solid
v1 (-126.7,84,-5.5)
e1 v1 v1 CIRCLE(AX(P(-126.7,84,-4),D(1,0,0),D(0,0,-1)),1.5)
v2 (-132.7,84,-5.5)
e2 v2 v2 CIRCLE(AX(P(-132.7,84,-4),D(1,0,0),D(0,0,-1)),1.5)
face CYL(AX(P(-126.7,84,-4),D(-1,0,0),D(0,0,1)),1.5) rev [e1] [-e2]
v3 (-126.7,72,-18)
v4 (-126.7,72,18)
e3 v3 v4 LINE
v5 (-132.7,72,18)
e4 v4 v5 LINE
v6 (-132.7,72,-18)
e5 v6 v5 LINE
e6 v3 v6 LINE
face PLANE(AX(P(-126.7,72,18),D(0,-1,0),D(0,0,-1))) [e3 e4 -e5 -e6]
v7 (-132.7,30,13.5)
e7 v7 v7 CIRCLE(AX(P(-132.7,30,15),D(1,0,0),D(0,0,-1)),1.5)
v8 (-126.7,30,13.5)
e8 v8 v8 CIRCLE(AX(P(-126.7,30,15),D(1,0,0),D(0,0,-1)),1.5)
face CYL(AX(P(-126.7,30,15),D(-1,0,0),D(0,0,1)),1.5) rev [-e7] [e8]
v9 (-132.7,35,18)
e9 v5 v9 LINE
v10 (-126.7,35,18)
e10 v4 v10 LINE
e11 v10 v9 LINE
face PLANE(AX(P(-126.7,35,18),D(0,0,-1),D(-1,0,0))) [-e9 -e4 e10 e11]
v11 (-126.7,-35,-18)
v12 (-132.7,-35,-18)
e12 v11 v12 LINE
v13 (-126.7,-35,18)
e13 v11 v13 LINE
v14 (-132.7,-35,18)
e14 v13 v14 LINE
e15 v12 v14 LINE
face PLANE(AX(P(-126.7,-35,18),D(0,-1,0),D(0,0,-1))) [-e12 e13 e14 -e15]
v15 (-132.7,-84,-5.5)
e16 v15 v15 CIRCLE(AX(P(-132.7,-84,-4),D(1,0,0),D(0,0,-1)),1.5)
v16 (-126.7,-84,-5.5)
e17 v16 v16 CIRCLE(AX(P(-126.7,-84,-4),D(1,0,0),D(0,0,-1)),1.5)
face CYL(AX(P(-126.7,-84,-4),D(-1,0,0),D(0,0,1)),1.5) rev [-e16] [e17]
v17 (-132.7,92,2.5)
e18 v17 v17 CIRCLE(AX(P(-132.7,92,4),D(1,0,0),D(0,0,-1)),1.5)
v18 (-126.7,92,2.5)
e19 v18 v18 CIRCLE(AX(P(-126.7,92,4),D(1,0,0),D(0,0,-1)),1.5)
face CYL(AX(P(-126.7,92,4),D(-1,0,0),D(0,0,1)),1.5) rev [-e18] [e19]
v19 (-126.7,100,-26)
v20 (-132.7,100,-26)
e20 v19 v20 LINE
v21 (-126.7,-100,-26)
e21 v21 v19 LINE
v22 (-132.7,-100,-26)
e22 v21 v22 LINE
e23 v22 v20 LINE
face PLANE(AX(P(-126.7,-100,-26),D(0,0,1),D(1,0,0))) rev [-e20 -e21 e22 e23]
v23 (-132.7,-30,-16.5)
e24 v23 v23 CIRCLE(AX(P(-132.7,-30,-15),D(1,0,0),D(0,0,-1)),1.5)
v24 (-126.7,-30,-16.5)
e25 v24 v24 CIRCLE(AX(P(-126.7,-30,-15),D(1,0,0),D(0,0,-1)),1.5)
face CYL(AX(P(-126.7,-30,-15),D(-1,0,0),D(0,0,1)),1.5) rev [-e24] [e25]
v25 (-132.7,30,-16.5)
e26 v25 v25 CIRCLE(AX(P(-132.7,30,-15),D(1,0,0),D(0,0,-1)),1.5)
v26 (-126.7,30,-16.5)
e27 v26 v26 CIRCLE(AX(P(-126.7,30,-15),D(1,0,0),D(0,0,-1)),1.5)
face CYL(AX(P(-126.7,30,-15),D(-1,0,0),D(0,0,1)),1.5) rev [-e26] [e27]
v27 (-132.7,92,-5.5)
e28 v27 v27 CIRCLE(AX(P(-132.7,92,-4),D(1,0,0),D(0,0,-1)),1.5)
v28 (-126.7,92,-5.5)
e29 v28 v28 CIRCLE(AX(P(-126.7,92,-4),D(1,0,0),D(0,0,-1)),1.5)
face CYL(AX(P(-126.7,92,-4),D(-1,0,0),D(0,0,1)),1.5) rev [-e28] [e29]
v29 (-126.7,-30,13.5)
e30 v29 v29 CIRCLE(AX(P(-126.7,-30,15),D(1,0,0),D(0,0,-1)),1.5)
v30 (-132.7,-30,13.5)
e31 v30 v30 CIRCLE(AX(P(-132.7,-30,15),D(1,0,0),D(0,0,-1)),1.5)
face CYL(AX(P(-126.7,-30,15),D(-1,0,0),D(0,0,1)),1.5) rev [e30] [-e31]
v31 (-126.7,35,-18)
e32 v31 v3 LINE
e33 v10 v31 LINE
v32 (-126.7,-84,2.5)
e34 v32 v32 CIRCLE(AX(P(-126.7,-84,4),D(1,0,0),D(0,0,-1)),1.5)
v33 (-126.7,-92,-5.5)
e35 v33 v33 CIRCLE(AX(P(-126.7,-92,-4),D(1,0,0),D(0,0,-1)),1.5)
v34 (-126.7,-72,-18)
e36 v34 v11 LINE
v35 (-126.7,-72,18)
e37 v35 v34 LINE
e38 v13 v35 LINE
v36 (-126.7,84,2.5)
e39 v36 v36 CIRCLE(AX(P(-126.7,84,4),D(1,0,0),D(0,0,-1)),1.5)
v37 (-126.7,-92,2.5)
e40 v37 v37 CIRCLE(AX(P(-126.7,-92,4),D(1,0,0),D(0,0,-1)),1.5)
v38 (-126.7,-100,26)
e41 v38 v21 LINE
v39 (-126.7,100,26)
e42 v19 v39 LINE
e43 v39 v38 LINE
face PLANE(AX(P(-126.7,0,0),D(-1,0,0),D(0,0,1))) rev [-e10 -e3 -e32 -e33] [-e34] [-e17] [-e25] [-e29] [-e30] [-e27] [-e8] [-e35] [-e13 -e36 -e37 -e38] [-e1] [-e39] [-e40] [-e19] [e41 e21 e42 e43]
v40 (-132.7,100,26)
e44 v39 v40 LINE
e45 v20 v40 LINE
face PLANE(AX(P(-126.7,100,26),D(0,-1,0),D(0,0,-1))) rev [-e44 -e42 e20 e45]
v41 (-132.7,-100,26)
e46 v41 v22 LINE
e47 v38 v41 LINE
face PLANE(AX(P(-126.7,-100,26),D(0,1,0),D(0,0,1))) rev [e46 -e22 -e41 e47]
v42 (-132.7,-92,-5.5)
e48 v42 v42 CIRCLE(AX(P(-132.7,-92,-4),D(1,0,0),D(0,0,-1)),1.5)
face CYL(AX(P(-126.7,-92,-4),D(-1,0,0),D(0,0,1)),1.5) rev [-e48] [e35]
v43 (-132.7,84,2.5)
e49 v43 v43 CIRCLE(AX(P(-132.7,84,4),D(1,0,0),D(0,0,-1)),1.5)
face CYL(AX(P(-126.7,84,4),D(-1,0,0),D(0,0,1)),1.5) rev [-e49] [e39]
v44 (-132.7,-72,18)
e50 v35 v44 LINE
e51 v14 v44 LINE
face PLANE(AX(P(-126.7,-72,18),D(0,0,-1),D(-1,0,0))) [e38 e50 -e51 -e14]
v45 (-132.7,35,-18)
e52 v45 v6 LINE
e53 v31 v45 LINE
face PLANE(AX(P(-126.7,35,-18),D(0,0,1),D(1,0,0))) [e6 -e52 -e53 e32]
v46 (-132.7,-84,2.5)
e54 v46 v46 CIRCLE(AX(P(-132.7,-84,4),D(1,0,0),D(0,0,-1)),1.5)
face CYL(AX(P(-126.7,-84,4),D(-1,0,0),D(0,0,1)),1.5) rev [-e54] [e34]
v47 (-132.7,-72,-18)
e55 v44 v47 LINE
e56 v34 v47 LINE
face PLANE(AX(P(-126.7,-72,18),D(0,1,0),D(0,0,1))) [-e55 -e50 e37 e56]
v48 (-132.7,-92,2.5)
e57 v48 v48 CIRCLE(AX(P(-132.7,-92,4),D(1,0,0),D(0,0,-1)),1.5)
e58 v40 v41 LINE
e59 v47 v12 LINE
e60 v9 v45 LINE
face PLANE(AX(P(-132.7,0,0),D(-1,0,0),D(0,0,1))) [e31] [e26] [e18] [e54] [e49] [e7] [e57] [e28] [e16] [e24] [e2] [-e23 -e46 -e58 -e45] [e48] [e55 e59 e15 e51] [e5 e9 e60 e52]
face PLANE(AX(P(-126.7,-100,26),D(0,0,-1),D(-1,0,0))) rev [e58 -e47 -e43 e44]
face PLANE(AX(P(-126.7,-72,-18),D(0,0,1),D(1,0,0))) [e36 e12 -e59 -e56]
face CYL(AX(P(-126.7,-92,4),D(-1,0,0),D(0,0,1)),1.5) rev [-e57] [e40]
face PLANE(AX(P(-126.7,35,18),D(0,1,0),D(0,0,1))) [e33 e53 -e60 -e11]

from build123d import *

# Parameters (mm, degrees)
SKETCH1_W           = 52
SKETCH1_H           = 200
BOSS_EXTRUDE1_DEPTH = 6
SKETCH2_R           = 1.5
CUT_EXTRUDE2_DEPTH  = 6
SKETCH3_R           = 1.5
CUT_EXTRUDE4_DEPTH  = 6
SKETCH4_R           = 1.5
CUT_EXTRUDE6_DEPTH  = 6
SKETCH5_R           = 1.5
CUT_EXTRUDE8_DEPTH  = 6
SKETCH6_R           = 1.5
CUT_EXTRUDE10_DEPTH = 6
SKETCH7_R           = 1.5
CUT_EXTRUDE12_DEPTH = 6
SKETCH8_R           = 1.5
CUT_EXTRUDE14_DEPTH = 6
SKETCH9_R           = 1.5
CUT_EXTRUDE16_DEPTH = 6
SKETCH10_R          = 1.5
CUT_EXTRUDE18_DEPTH = 6
SKETCH11_R          = 1.5
CUT_EXTRUDE20_DEPTH = 6
SKETCH12_R          = 1.5
CUT_EXTRUDE22_DEPTH = 6
SKETCH13_R          = 1.5
CUT_EXTRUDE24_DEPTH = 6
SKETCH14_W          = 36
SKETCH14_H          = 37
CUT_EXTRUDE26_DEPTH = 6
SKETCH15_W          = 36
SKETCH15_H          = 37
CUT_EXTRUDE28_DEPTH = 6


with BuildPart() as part:
    # Sketch1 → Boss-Extrude1 (new body)
    with BuildSketch(Plane(origin=(-132.7, 0, 0), x_dir=(0, 0, -1), z_dir=(1, 0, 0))):
        Rectangle(SKETCH1_W, SKETCH1_H)
    extrude(amount=BOSS_EXTRUDE1_DEPTH)

    # Sketch2 → Cut-Extrude2 (cut)
    with BuildSketch(Plane(origin=(-132.7, 0, 0), x_dir=(0, 0, -1), z_dir=(1, 0, 0))):
        with Locations((-4, 84)):
            Circle(SKETCH2_R)
    extrude(amount=CUT_EXTRUDE2_DEPTH, mode=Mode.SUBTRACT)

    # Sketch3 → Cut-Extrude4 (cut)
    with BuildSketch(Plane(origin=(-132.7, 0, 0), x_dir=(0, 0, -1), z_dir=(1, 0, 0))):
        with Locations((4, 84)):
            Circle(SKETCH3_R)
    extrude(amount=CUT_EXTRUDE4_DEPTH, mode=Mode.SUBTRACT)

    # Sketch4 → Cut-Extrude6 (cut)
    with BuildSketch(Plane(origin=(-132.7, 0, 0), x_dir=(0, 0, -1), z_dir=(1, 0, 0))):
        with Locations((-4, 92)):
            Circle(SKETCH4_R)
    extrude(amount=CUT_EXTRUDE6_DEPTH, mode=Mode.SUBTRACT)

    # Sketch5 → Cut-Extrude8 (cut)
    with BuildSketch(Plane(origin=(-132.7, 0, 0), x_dir=(0, 0, -1), z_dir=(1, 0, 0))):
        with Locations((4, 92)):
            Circle(SKETCH5_R)
    extrude(amount=CUT_EXTRUDE8_DEPTH, mode=Mode.SUBTRACT)

    # Sketch6 → Cut-Extrude10 (cut)
    with BuildSketch(Plane(origin=(-132.7, 0, 0), x_dir=(0, 0, -1), z_dir=(1, 0, 0))):
        with Locations((-4, -92)):
            Circle(SKETCH6_R)
    extrude(amount=CUT_EXTRUDE10_DEPTH, mode=Mode.SUBTRACT)

    # Sketch7 → Cut-Extrude12 (cut)
    with BuildSketch(Plane(origin=(-132.7, 0, 0), x_dir=(0, 0, -1), z_dir=(1, 0, 0))):
        with Locations((4, -92)):
            Circle(SKETCH7_R)
    extrude(amount=CUT_EXTRUDE12_DEPTH, mode=Mode.SUBTRACT)

    # Sketch8 → Cut-Extrude14 (cut)
    with BuildSketch(Plane(origin=(-132.7, 0, 0), x_dir=(0, 0, -1), z_dir=(1, 0, 0))):
        with Locations((-4, -84)):
            Circle(SKETCH8_R)
    extrude(amount=CUT_EXTRUDE14_DEPTH, mode=Mode.SUBTRACT)

    # Sketch9 → Cut-Extrude16 (cut)
    with BuildSketch(Plane(origin=(-132.7, 0, 0), x_dir=(0, 0, -1), z_dir=(1, 0, 0))):
        with Locations((4, -84)):
            Circle(SKETCH9_R)
    extrude(amount=CUT_EXTRUDE16_DEPTH, mode=Mode.SUBTRACT)

    # Sketch10 → Cut-Extrude18 (cut)
    with BuildSketch(Plane(origin=(-132.7, 0, 0), x_dir=(0, 0, -1), z_dir=(1, 0, 0))):
        with Locations((-15, -30)):
            Circle(SKETCH10_R)
    extrude(amount=CUT_EXTRUDE18_DEPTH, mode=Mode.SUBTRACT)

    # Sketch11 → Cut-Extrude20 (cut)
    with BuildSketch(Plane(origin=(-132.7, 0, 0), x_dir=(0, 0, -1), z_dir=(1, 0, 0))):
        with Locations((15, -30)):
            Circle(SKETCH11_R)
    extrude(amount=CUT_EXTRUDE20_DEPTH, mode=Mode.SUBTRACT)

    # Sketch12 → Cut-Extrude22 (cut)
    with BuildSketch(Plane(origin=(-132.7, 0, 0), x_dir=(0, 0, -1), z_dir=(1, 0, 0))):
        with Locations((-15, 30)):
            Circle(SKETCH12_R)
    extrude(amount=CUT_EXTRUDE22_DEPTH, mode=Mode.SUBTRACT)

    # Sketch13 → Cut-Extrude24 (cut)
    with BuildSketch(Plane(origin=(-132.7, 0, 0), x_dir=(0, 0, -1), z_dir=(1, 0, 0))):
        with Locations((15, 30)):
            Circle(SKETCH13_R)
    extrude(amount=CUT_EXTRUDE24_DEPTH, mode=Mode.SUBTRACT)

    # Sketch14 → Cut-Extrude26 (cut)
    with BuildSketch(Plane(origin=(-132.7, 0, 0), x_dir=(0, 0, -1), z_dir=(1, 0, 0))):
        with Locations((0, 53.5)):
            Rectangle(SKETCH14_W, SKETCH14_H)
    extrude(amount=CUT_EXTRUDE26_DEPTH, mode=Mode.SUBTRACT)

    # Sketch15 → Cut-Extrude28 (cut)
    with BuildSketch(Plane(origin=(-132.7, 0, 0), x_dir=(0, 0, -1), z_dir=(1, 0, 0))):
        with Locations((0, -53.5)):
            Rectangle(SKETCH15_W, SKETCH15_H)
    extrude(amount=CUT_EXTRUDE28_DEPTH, mode=Mode.SUBTRACT)


solid = part.part
